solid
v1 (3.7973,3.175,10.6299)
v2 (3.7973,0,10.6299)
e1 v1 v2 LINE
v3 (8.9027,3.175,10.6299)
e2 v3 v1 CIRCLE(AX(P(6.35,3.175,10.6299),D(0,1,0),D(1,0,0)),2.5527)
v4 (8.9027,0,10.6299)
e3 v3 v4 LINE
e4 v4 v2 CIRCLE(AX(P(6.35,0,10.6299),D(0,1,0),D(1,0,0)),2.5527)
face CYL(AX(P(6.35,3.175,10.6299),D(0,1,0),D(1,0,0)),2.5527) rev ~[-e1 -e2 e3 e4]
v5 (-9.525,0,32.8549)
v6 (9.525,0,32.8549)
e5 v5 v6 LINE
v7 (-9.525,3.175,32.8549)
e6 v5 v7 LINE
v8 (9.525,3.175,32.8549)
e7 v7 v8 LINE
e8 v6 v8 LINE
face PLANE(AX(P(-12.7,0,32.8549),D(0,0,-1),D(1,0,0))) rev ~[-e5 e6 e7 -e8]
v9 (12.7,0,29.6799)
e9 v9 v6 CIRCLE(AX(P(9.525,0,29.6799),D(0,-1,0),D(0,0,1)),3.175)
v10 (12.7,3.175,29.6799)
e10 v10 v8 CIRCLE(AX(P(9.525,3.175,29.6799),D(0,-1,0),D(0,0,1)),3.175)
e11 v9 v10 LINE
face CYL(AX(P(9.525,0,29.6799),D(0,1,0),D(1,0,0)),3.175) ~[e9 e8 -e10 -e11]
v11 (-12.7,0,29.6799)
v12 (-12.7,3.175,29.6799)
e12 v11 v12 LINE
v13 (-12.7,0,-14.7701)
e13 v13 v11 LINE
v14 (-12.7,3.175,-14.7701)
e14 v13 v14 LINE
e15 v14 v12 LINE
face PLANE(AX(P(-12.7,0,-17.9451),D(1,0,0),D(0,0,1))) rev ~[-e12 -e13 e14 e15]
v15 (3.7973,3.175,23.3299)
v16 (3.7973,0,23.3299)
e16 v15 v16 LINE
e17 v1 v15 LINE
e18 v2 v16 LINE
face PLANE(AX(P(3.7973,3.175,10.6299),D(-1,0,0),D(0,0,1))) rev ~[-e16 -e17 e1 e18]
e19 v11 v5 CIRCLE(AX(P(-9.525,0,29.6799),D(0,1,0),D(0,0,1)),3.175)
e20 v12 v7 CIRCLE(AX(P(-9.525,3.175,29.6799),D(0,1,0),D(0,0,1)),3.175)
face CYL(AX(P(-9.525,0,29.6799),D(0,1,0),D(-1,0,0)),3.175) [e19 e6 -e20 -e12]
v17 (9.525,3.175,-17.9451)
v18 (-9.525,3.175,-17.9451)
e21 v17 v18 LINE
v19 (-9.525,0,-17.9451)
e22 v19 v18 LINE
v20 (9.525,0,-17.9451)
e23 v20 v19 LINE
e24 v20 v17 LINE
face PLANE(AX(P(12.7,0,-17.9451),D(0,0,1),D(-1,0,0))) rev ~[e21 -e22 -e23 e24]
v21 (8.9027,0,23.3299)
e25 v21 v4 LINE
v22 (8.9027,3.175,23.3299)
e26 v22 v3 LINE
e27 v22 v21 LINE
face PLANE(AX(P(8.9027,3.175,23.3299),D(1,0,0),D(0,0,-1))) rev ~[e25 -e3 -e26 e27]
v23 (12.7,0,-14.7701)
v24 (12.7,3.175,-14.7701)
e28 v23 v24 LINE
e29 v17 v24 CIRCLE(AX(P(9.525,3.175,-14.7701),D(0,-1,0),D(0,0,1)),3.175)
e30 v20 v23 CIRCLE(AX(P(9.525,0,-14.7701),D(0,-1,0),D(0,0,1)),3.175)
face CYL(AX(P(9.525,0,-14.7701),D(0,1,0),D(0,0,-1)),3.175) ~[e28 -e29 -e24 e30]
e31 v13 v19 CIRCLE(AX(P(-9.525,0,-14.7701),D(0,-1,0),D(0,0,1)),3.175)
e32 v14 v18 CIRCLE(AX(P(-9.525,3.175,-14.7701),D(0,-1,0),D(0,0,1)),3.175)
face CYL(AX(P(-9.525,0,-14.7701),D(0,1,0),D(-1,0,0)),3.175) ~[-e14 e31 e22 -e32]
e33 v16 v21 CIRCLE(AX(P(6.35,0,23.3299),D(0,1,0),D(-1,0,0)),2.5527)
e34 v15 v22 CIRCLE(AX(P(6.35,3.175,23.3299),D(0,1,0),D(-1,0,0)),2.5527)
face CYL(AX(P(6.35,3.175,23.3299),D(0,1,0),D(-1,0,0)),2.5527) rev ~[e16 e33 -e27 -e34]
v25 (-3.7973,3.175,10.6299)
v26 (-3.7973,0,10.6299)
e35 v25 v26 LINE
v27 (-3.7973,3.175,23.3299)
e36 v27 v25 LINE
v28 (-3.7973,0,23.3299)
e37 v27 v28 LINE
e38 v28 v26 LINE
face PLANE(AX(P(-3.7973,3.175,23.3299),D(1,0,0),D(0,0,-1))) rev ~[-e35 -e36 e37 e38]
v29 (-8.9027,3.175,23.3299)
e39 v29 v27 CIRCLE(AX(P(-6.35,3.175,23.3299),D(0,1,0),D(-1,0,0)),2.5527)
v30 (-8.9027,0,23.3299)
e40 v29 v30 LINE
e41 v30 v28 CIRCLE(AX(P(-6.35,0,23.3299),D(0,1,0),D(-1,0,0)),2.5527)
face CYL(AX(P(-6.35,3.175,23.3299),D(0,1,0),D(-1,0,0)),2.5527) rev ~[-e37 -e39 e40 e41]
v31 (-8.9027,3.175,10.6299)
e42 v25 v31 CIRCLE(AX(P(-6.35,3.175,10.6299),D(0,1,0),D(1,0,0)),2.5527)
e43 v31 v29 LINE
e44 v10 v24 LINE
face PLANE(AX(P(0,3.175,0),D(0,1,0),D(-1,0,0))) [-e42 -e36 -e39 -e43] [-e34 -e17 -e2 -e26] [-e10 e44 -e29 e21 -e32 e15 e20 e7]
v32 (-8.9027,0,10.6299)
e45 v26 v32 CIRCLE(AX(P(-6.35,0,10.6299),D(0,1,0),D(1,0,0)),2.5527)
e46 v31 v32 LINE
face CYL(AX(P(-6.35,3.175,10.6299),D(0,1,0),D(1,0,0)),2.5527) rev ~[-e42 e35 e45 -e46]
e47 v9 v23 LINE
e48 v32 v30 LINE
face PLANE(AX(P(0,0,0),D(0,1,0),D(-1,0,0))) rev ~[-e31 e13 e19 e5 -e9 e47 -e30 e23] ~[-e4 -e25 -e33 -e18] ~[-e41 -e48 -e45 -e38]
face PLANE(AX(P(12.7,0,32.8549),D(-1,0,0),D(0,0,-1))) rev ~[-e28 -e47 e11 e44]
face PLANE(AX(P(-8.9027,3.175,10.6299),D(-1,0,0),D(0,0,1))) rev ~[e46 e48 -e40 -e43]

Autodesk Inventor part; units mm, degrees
ref_plane "YZ Plane" through (0, 0, 0) normal (1, 0, 0) x (0, 1, 0)
ref_plane "XZ Plane" through (0, 0, 0) normal (0, 1, 0) x (-1, 0, 0)
ref_plane "XY Plane" through (0, 0, 0) normal (0, 0, 1) x (1, 0, 0)
sketch "Sketch1" plane through (0, 0, 0) normal (0, 1, 0) x (-1, 0, 0)
  line L0 (8.89, 0) -> (-8.89, 0) construction
  line L1 (8.89, 1.5875) -> (-8.89, 1.5875)
  line L2 (-8.89, -1.5875) -> (8.89, -1.5875)
  arc A0 (8.89, -1.5875) -> (8.89, 1.5875) centre (8.89, 0) ccw
  arc A1 (-8.89, 1.5875) -> (-8.89, -1.5875) centre (-8.89, 0) ccw
  line L3 (8.89, -5.0038) -> (-8.89, -5.0038) construction
  line L4 (8.89, -3.4163) -> (-8.89, -3.4163)
  line L5 (-8.89, -6.5913) -> (8.89, -6.5913)
  arc A2 (8.89, -6.5913) -> (8.89, -3.4163) centre (8.89, -5.0038) ccw
  arc A3 (-8.89, -3.4163) -> (-8.89, -6.5913) centre (-8.89, -5.0038) ccw
  line L6 (8.89, -10.0076) -> (-8.89, -10.0076) construction
  line L7 (8.89, -8.4201) -> (-8.89, -8.4201)
  line L8 (-8.89, -11.5951) -> (8.89, -11.5951)
  arc A4 (8.89, -11.5951) -> (8.89, -8.4201) centre (8.89, -10.0076) ccw
  arc A5 (-8.89, -8.4201) -> (-8.89, -11.5951) centre (-8.89, -10.0076) ccw
  line L9 (12.7, 32.8549) -> (-12.7, 32.8549)
  line L10 (-12.7, 32.8549) -> (-12.7, -17.9451)
  line L11 (-12.7, -17.9451) -> (12.7, -17.9451)
  line L12 (12.7, -17.9451) -> (12.7, 32.8549)
  line L13 (6.35, 26.5049) -> (-6.35, 26.5049) construction
  arc A6 (8.89, -16.5989) -> (8.89, -13.4239) centre (8.89, -15.0114) ccw
  line L14 (-8.89, -16.5989) -> (8.89, -16.5989)
  arc A7 (-8.89, -13.4239) -> (-8.89, -16.5989) centre (-8.89, -15.0114) ccw
  line L15 (8.89, -13.4239) -> (-8.89, -13.4239)
  point P0 (0, 0)
  point P1 (0, -5.0038)
  point P2 (0, -10.0076)
  point P3 (10.4775, -5.0038)
  point P4 (10.4775, 0)
  point P5 (10.4775, -10.0076)
  point P6 (0, -17.9451)
  point P7 (0, -11.5951)
  point P8 (0, 26.5049)
  point P9 (0, 32.8549)
  point P10 (10.4775, -15.0114)
  point P11 (0, -16.5989)
  dimension "d1" = 17.78
  dimension "d3" = 3.175
  dimension "d4" = 5.0038
  dimension "d5" = 5.0038
  dimension "d8" = 25.4
  dimension "d9" = 50.8
  dimension "d10" = 6.35
  dimension "d11" = 12.7
  dimension "d12" = 6.35
  dimension "d43" = 5.0038
extrude "Extrusion1" add sketch "Sketch1" along normal blind 3.175 contours A0 L2 A1 L1 | A2 L5 A3 L4 | A4 L8 A5 L7 | L12 L11 L10 L9 | L14 A7 L15 A6
fillet "Fillet1" radius 3.175 4 edges at (-12.7, 1.5875, -17.9451) (12.7, 1.5875, -17.9451) (12.7, 1.5875, 32.8549) (-12.7, 1.5875, 32.8549)
sketch "Sketch2" plane through (0, 3.175, 0) normal (0, 1, 0) x (1, 0, 0)
  line L0 (-6.35, -10.6299) -> (-6.35, -23.3299) construction
  line L1 (-8.9027, -10.6299) -> (-8.9027, -23.3299)
  line L2 (-3.7973, -23.3299) -> (-3.7973, -10.6299)
  arc A0 (-3.7973, -10.6299) -> (-8.9027, -10.6299) centre (-6.35, -10.6299) ccw
  arc A1 (-8.9027, -23.3299) -> (-3.7973, -23.3299) centre (-6.35, -23.3299) ccw
  line L3 (6.35, -10.6299) -> (6.35, -23.3299) construction
  line L4 (3.7973, -10.6299) -> (3.7973, -23.3299)
  line L5 (8.9027, -23.3299) -> (8.9027, -10.6299)
  arc A2 (8.9027, -10.6299) -> (3.7973, -10.6299) centre (6.35, -10.6299) ccw
  arc A3 (3.7973, -23.3299) -> (8.9027, -23.3299) centre (6.35, -23.3299) ccw
  line L6 (-9.525, -32.8549) -> (9.525, -32.8549) projected
  line L7 (9.525, 17.9451) -> (-9.525, 17.9451) projected
  line L8 (-6.35, -16.9799) -> (6.35, -16.9799) construction
  point P0 (0, 0)
  point P1 (0, -16.9799)
  point P2 (0, 17.9451)
  dimension "d23" = 5.1054
  dimension "d24" = 12.7
  dimension "d26" = 34.925
  dimension "d27" = 12.7
extrude "Extrusion2" cut sketch "Sketch2" against normal blind 25.4
sketch "Sketch3" plane through (0, 3.175, 0) normal (0, 1, 0) x (1, 0, 0)
  circle A0 centre (0, -45.5549) radius 16.002
  line L0 (-9.525, -32.8549) -> (9.525, -32.8549) projected
  circle A1 centre (0, -45.5549) radius 19.177
  line L1 (3.7973, -10.6299) -> (3.7973, -23.3299) projected
  arc A2 (3.7973, -23.3299) -> (8.9027, -23.3299) centre (6.35, -23.3299) ccw projected
  line L2 (8.9027, -23.3299) -> (8.9027, -10.6299) projected
  arc A3 (8.9027, -10.6299) -> (3.7973, -10.6299) centre (6.35, -10.6299) ccw projected
  line L3 (-8.9027, -10.6299) -> (-8.9027, -23.3299) projected
  arc A4 (-8.9027, -23.3299) -> (-3.7973, -23.3299) centre (-6.35, -23.3299) ccw projected
  line L4 (-3.7973, -23.3299) -> (-3.7973, -10.6299) projected
  arc A5 (-3.7973, -10.6299) -> (-8.9027, -10.6299) centre (-6.35, -10.6299) ccw projected
  arc A6 (-12.7, -29.6799) -> (-9.525, -32.8549) centre (-9.525, -29.6799) ccw projected
  line L5 (-12.7, -29.6799) -> (-12.7, 14.7701) projected
  arc A7 (-9.525, 17.9451) -> (-12.7, 14.7701) centre (-9.525, 14.7701) ccw projected
  line L6 (-9.525, 17.9451) -> (9.525, 17.9451) projected
  arc A8 (12.7, 14.7701) -> (9.525, 17.9451) centre (9.525, 14.7701) ccw projected
  line L7 (12.7, 14.7701) -> (12.7, -29.6799) projected
  arc A9 (9.525, -32.8549) -> (12.7, -29.6799) centre (9.525, -29.6799) ccw projected
  line L8 (9.525, -32.8549) -> (-9.525, -32.8549) projected
  line L9 (3.7973, -10.6299) -> (3.7973, -23.3299) projected
  arc A10 (3.7973, -23.3299) -> (8.9027, -23.3299) centre (6.35, -23.3299) ccw projected
  line L10 (8.9027, -23.3299) -> (8.9027, -10.6299) projected
  arc A11 (8.9027, -10.6299) -> (3.7973, -10.6299) centre (6.35, -10.6299) ccw projected
  line L11 (-8.9027, -10.6299) -> (-8.9027, -23.3299) projected
  arc A12 (-8.9027, -23.3299) -> (-3.7973, -23.3299) centre (-6.35, -23.3299) ccw projected
  line L12 (-3.7973, -23.3299) -> (-3.7973, -10.6299) projected
  arc A13 (-3.7973, -10.6299) -> (-8.9027, -10.6299) centre (-6.35, -10.6299) ccw projected
  arc A14 (-12.7, -29.6799) -> (-9.525, -32.8549) centre (-9.525, -29.6799) ccw projected
  line L13 (-12.7, -29.6799) -> (-12.7, 14.7701) projected
  arc A15 (-9.525, 17.9451) -> (-12.7, 14.7701) centre (-9.525, 14.7701) ccw projected
  line L14 (-9.525, 17.9451) -> (9.525, 17.9451) projected
  arc A16 (12.7, 14.7701) -> (9.525, 17.9451) centre (9.525, 14.7701) ccw projected
  line L15 (12.7, 14.7701) -> (12.7, -29.6799) projected
  arc A17 (9.525, -32.8549) -> (12.7, -29.6799) centre (9.525, -29.6799) ccw projected
  line L16 (9.525, -32.8549) -> (-9.525, -32.8549) projected
  point P0 (0, 0)
  point P1 (0, -32.8549)
  point P2 (12.433, -30.9543)
  point P3 (9.7268, -32.8485)
  point P4 (-9.7268, -32.8485)
  point P5 (-12.433, -30.9543)
  dimension "d30" = 32.004
  dimension "d31" = 12.7
  dimension "d32" = 3.175
sketch "Sketch4" plane through (0, 3.175, 0) normal (0, 1, 0) x (1, 0, 0)
  circle A0 centre (0, -60.4901) radius 1.1811
  arc A1 (-8.5911, -32.8549) -> (-10.7176, -33.6722) centre (-8.5911, -36.0299) ccw projected
  arc A2 (-10.7176, -33.6722) -> (10.7176, -33.6722) centre (0, -45.5549) ccw projected
  arc A3 (10.7176, -33.6722) -> (8.5911, -32.8549) centre (8.5911, -36.0299) ccw projected
  line L0 (8.5911, -32.8549) -> (-8.5911, -32.8549) projected
  arc A4 (12.6992, -29.749) -> (13.6187, -32.0535) centre (15.8735, -29.8182) ccw projected
  arc A5 (-13.6187, -32.0535) -> (13.6187, -32.0535) centre (0, -45.5549) ccw projected
  arc A6 (-13.6187, -32.0535) -> (-12.6992, -29.749) centre (-15.8735, -29.8182) ccw projected
  arc A7 (-12.7, -29.6799) -> (-12.6992, -29.749) centre (-9.525, -29.6799) ccw projected
  line L1 (-12.7, -29.6799) -> (-12.7, 14.7701) projected
  arc A8 (-9.525, 17.9451) -> (-12.7, 14.7701) centre (-9.525, 14.7701) ccw projected
  line L2 (-9.525, 17.9451) -> (9.525, 17.9451) projected
  arc A9 (12.7, 14.7701) -> (9.525, 17.9451) centre (9.525, 14.7701) ccw projected
  line L3 (12.7, 14.7701) -> (12.7, -29.6799) projected
  arc A10 (12.6992, -29.749) -> (12.7, -29.6799) centre (9.525, -29.6799) ccw projected
  line L4 (3.7973, -10.6299) -> (3.7973, -23.3299) projected
  arc A11 (3.7973, -23.3299) -> (8.9027, -23.3299) centre (6.35, -23.3299) ccw projected
  line L5 (8.9027, -23.3299) -> (8.9027, -10.6299) projected
  arc A12 (8.9027, -10.6299) -> (3.7973, -10.6299) centre (6.35, -10.6299) ccw projected
  line L6 (-8.9027, -10.6299) -> (-8.9027, -23.3299) projected
  arc A13 (-8.9027, -23.3299) -> (-3.7973, -23.3299) centre (-6.35, -23.3299) ccw projected
  line L7 (-3.7973, -23.3299) -> (-3.7973, -10.6299) projected
  arc A14 (-3.7973, -10.6299) -> (-8.9027, -10.6299) centre (-6.35, -10.6299) ccw projected
  point P0 (0, 0)
  point P1 (0, -61.5569)
  point P2 (-0.5246, -61.5483)
  point P3 (0.5246, -61.5483)
  dimension "d36" = 2.3622
  dimension "d37" = 1.0668
sketch "Sketch5" plane through (0, 3.175, 0) normal (0, 1, 0) x (1, 0, 0)
  arc A0 (-8.5911, -32.8549) -> (-10.7176, -33.6722) centre (-8.5911, -36.0299) ccw construction
  arc A1 (-10.7176, -33.6722) -> (-4.3651, -60.95) centre (0, -45.5549) ccw construction
  arc A2 (-4.3651, -60.95) -> (-0.9487, -59.7866) centre (-3.499, -57.8954) ccw construction
  arc A3 (0.9487, -59.7866) -> (-0.9487, -59.7866) centre (0, -60.4901) ccw construction
  arc A4 (0.9487, -59.7866) -> (4.3651, -60.95) centre (3.499, -57.8954) ccw construction
  arc A5 (4.3651, -60.95) -> (10.7176, -33.6722) centre (0, -45.5549) ccw construction
  arc A6 (10.7176, -33.6722) -> (8.5911, -32.8549) centre (8.5911, -36.0299) ccw construction
  line L0 (8.5911, -32.8549) -> (-8.5911, -32.8549) construction
  arc A7 (12.6992, -29.749) -> (13.6187, -32.0535) centre (15.8735, -29.8182) ccw construction
  arc A8 (-13.6187, -32.0535) -> (13.6187, -32.0535) centre (0, -45.5549) ccw construction
  arc A9 (-13.6187, -32.0535) -> (-12.6992, -29.749) centre (-15.8735, -29.8182) ccw construction
  arc A10 (-12.7, -29.6799) -> (-12.6992, -29.749) centre (-9.525, -29.6799) ccw construction
  line L1 (-12.7, -29.6799) -> (-12.7, 14.7701) construction
  arc A11 (-9.525, 17.9451) -> (-12.7, 14.7701) centre (-9.525, 14.7701) ccw construction
  line L2 (-9.525, 17.9451) -> (9.525, 17.9451) construction
  arc A12 (12.7, 14.7701) -> (9.525, 17.9451) centre (9.525, 14.7701) ccw construction
  line L3 (12.7, 14.7701) -> (12.7, -29.6799) construction
  arc A13 (12.6992, -29.749) -> (12.7, -29.6799) centre (9.525, -29.6799) ccw construction
  line L4 (3.7973, -10.6299) -> (3.7973, -23.3299) construction
  arc A14 (3.7973, -23.3299) -> (8.9027, -23.3299) centre (6.35, -23.3299) ccw construction
  line L5 (8.9027, -23.3299) -> (8.9027, -10.6299) construction
  arc A15 (8.9027, -10.6299) -> (3.7973, -10.6299) centre (6.35, -10.6299) ccw construction
  line L6 (-8.9027, -10.6299) -> (-8.9027, -23.3299) construction
  arc A16 (-8.9027, -23.3299) -> (-3.7973, -23.3299) centre (-6.35, -23.3299) ccw construction
  line L7 (-3.7973, -23.3299) -> (-3.7973, -10.6299) construction
  arc A17 (-3.7973, -10.6299) -> (-8.9027, -10.6299) centre (-6.35, -10.6299) ccw construction
  line L8 (-22.86, -21.4249) -> (22.86, -21.4249)
  line L9 (22.86, -21.4249) -> (22.86, -69.6849)
  line L10 (22.86, -69.6849) -> (-22.86, -69.6849)
  line L11 (-22.86, -69.6849) -> (-22.86, -21.4249)
  line L12 (-22.86, -21.4249) -> (22.86, -69.6849) construction
  line L13 (22.86, -21.4249) -> (-22.86, -69.6849) construction
  line L14 (-22.86, -41.1099) -> (-12.7, -23.3299)
  line L15 (-12.7, 14.7701) -> (-12.7, -29.6799) construction
  line L16 (12.7, -29.6799) -> (12.7, 14.7701) construction
  line L17 (12.7, -23.3299) -> (22.86, -41.1099)
  arc A18 (-13.6187, -32.0535) -> (-12.6992, -29.749) centre (-15.8735, -29.8182) ccw construction
  arc A19 (-13.6187, -32.0535) -> (13.6187, -32.0535) centre (0, -45.5549) ccw construction
  arc A20 (-13.6187, -32.0535) -> (13.6187, -32.0535) centre (0, -45.5549) ccw
  arc A21 (12.6992, -29.749) -> (13.6187, -32.0535) centre (15.8735, -29.8182) ccw
  arc A22 (-13.5868, -32.0214) -> (-12.6998, -29.7145) centre (-15.8735, -29.8182) ccw
  arc A23 (-12.7, -29.6799) -> (-12.6992, -29.749) centre (-9.525, -29.6799) ccw construction
  line L18 (-13.5868, -32.0214) -> (-13.6187, -32.0535)
  line L19 (-12.7, -23.3299) -> (-12.6998, -29.7145)
  line L20 (12.7, -23.3299) -> (12.7, -29.6799)
  arc A24 (12.6992, -29.749) -> (12.7, -29.6799) centre (9.525, -29.6799) ccw construction
  line L21 (12.7, -29.916) -> (12.7, -29.6799)
  point P0 (0, 0)
  dimension "d48" = 45.72
  dimension "d49" = 87.63
  dimension "d50" = 28.575
equation "\"d5\" = d4"
equation "\"d43\" = d5"
properties part number "EL2-034" material "Aluminum 6061"
